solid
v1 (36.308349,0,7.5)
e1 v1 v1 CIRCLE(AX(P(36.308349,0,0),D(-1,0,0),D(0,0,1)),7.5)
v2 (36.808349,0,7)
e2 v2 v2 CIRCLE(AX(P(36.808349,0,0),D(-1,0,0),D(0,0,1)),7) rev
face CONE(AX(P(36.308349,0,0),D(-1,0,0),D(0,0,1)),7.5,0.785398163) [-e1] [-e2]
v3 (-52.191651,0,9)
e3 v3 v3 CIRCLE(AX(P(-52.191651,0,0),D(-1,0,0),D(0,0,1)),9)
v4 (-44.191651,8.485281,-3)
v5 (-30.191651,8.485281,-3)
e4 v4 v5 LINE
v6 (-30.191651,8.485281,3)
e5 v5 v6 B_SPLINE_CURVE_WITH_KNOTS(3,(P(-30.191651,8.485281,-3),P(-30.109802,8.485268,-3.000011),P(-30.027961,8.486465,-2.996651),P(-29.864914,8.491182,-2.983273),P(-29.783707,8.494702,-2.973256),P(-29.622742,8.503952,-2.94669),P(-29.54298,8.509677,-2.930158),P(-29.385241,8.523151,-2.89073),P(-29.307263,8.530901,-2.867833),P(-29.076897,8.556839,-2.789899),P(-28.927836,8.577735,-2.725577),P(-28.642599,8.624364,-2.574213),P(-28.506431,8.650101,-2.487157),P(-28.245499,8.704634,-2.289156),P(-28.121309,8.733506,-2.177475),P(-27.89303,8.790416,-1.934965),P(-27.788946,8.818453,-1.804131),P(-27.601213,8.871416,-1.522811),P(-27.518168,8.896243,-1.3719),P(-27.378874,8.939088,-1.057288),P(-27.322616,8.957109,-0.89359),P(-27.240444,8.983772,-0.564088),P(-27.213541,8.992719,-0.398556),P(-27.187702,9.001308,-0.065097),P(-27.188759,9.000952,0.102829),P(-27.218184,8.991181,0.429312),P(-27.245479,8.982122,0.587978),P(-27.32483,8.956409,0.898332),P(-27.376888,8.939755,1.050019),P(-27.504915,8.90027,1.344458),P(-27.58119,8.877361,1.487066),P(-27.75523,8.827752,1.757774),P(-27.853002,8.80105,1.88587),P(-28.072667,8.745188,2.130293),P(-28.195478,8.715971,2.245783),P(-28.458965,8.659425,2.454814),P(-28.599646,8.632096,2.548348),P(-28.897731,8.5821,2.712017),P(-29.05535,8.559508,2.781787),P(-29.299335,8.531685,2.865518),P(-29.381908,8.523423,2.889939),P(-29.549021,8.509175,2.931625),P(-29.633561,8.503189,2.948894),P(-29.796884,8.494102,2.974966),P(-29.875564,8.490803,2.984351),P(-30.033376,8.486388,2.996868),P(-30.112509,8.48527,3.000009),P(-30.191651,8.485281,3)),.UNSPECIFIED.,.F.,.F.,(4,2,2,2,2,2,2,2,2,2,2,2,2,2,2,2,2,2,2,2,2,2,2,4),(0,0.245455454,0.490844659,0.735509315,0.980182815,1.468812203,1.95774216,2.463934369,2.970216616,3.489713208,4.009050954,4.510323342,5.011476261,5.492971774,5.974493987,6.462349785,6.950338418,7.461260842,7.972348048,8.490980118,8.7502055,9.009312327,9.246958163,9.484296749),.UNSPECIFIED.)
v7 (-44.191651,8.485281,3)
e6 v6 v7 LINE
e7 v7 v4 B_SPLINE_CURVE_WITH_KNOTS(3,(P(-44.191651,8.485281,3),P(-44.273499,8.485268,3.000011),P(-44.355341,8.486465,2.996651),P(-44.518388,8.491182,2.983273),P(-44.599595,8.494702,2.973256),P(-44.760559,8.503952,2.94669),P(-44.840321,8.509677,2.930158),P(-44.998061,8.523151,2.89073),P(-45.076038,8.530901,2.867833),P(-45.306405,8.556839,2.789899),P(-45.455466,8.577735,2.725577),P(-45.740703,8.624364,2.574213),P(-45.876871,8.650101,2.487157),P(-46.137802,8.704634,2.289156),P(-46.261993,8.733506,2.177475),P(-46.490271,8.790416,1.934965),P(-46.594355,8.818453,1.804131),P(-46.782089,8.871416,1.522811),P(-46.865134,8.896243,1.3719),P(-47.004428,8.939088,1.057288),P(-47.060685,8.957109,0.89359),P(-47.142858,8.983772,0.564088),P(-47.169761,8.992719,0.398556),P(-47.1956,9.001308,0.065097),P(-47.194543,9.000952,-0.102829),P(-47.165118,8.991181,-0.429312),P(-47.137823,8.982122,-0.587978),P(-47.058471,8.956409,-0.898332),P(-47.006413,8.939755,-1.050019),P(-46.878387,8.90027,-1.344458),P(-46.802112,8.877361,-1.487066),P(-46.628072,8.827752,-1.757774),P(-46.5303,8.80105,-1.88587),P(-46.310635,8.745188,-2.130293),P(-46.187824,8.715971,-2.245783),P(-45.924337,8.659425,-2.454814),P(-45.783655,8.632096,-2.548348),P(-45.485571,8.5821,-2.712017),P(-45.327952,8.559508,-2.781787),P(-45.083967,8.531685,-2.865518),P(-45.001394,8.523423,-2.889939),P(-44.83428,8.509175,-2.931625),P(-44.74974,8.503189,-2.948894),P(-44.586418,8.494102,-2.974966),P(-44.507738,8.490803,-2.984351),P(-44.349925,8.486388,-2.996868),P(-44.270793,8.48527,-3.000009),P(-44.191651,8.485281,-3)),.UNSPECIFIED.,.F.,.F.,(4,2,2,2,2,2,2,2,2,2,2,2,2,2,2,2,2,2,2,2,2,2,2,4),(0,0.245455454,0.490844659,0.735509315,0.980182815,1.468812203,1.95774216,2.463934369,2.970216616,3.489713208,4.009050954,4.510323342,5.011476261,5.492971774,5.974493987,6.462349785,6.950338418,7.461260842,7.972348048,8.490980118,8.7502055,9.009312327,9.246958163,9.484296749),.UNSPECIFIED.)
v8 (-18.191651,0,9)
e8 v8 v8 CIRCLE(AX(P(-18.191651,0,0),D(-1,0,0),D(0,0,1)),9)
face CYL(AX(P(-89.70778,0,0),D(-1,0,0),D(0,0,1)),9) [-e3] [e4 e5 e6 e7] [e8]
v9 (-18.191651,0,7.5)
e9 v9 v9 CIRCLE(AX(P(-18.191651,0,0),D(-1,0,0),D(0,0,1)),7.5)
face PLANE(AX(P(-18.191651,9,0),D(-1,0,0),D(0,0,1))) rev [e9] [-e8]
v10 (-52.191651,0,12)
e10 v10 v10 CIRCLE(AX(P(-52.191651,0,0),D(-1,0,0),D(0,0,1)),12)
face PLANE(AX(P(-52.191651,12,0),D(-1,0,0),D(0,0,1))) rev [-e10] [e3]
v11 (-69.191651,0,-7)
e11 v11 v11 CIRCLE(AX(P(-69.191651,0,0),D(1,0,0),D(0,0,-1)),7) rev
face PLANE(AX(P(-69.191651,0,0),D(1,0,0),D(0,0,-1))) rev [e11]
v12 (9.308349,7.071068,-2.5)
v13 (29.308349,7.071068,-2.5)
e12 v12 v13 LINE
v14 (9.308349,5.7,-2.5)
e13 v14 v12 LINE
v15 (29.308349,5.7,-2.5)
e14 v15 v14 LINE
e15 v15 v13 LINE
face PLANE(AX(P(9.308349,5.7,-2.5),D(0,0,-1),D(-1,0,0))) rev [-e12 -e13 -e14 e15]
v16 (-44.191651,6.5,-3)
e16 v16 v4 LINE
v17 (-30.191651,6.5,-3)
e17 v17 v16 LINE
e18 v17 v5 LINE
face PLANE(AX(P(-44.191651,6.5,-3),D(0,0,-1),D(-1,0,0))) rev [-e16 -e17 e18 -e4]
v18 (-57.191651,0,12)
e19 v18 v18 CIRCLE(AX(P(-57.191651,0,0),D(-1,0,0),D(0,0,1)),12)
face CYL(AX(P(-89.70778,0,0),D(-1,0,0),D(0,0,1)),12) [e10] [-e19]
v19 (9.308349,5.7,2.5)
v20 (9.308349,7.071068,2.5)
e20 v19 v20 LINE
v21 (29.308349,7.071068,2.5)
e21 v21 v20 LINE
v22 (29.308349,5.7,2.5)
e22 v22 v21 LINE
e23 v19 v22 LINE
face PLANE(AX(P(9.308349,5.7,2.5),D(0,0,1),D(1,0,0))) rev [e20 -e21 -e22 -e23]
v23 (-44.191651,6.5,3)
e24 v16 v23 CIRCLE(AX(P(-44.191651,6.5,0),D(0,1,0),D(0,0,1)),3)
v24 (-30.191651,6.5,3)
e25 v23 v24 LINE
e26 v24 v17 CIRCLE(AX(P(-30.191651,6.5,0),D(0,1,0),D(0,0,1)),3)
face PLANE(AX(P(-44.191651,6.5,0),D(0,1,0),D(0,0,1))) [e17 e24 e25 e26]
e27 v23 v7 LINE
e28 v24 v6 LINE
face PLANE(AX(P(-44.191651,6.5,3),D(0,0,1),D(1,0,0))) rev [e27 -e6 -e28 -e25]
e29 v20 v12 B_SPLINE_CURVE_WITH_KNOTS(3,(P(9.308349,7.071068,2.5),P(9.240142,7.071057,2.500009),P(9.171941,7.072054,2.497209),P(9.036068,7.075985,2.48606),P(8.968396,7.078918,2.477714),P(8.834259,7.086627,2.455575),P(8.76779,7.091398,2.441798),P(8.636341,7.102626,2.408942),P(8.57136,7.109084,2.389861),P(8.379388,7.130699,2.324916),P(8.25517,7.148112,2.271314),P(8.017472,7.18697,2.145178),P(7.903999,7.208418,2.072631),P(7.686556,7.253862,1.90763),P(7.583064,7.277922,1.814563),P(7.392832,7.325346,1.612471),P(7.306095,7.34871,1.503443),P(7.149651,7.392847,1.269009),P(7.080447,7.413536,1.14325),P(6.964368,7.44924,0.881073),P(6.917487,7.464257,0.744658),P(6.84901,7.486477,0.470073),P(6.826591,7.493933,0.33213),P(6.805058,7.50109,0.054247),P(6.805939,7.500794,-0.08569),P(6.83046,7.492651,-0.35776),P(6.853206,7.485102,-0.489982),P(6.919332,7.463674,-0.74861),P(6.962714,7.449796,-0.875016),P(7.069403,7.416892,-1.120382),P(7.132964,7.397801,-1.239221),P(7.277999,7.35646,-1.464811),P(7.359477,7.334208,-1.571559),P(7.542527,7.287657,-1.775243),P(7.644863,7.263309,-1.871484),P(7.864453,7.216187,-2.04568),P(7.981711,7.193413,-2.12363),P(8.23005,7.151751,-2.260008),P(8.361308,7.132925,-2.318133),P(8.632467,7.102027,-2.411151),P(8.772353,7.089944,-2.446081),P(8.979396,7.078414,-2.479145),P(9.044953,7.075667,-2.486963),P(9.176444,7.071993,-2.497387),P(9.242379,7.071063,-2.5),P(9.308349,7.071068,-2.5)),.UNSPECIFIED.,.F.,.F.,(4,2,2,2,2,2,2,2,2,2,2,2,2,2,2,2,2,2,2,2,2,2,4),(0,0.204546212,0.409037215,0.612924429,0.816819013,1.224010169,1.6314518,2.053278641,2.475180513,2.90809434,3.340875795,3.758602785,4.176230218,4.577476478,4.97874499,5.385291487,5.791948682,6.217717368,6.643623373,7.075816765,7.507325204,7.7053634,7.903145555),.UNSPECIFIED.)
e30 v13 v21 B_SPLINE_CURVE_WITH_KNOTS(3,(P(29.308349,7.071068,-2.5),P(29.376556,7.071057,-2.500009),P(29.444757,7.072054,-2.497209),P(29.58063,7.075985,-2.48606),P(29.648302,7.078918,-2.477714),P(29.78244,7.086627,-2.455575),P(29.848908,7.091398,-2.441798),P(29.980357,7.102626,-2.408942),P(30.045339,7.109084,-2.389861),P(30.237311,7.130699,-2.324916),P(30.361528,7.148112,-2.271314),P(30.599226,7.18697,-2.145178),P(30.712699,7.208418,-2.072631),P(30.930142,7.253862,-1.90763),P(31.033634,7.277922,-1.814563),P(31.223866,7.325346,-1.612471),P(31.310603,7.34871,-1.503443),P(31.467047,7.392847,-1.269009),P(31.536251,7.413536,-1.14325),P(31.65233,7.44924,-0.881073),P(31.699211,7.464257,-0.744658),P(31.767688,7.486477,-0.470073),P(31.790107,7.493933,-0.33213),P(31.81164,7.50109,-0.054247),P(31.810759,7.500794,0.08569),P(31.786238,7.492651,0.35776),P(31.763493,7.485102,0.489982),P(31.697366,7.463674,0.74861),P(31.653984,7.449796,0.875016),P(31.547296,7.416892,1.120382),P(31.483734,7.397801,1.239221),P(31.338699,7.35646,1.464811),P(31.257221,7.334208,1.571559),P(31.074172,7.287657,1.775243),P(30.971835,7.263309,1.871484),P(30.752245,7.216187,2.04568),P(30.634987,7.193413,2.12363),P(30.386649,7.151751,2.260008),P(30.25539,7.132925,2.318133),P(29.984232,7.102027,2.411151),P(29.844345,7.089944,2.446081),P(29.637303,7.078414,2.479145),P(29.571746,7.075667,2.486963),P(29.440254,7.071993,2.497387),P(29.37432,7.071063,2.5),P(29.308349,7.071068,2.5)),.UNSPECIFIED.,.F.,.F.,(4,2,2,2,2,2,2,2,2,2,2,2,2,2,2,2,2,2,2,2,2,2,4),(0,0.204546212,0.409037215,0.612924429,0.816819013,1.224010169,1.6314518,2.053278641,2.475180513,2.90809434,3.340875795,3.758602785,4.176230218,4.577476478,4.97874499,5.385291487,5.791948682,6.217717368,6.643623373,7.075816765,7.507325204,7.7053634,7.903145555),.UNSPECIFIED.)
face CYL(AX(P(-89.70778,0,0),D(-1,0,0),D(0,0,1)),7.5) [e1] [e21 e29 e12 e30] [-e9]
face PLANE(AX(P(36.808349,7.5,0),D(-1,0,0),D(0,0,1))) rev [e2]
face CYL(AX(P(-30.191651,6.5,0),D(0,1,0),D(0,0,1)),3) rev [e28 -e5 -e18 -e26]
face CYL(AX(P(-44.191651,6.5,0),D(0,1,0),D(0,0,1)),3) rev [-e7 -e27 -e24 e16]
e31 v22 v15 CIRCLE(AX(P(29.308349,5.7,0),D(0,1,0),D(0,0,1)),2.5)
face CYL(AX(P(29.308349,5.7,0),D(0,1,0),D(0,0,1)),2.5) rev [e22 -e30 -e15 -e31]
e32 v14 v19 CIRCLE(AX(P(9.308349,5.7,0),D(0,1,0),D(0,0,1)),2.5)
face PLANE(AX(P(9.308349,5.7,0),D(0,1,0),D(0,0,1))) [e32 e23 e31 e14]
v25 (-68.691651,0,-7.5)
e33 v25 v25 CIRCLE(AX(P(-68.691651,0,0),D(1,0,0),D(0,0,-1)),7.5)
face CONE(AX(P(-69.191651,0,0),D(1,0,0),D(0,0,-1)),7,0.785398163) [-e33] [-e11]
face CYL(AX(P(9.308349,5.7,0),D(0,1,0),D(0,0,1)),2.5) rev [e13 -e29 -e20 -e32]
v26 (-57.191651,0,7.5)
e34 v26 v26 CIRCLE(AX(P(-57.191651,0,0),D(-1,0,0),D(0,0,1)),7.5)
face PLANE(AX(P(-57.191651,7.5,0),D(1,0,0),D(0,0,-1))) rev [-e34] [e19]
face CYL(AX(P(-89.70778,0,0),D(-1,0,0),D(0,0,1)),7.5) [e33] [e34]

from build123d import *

# Parameters (mm, degrees)
CUT_EXTRUDE1_DEPTH = 2.5
CUT_EXTRUDE2_DEPTH = 1.8
CHAMFER1_SIZE      = 0.5


with BuildPart() as part:
    # Sketch1 → Revolve1 (revolve)
    with BuildSketch(Plane.XY, mode=Mode.PRIVATE) as revolve1_sk:
        Polygon((-69.191650854, 0), (-69.191650854, 7.5), (-57.191650854, 7.5), (-57.191650854, 12), (-52.191650854, 12), (-52.191650854, 9), (-18.191650854, 9), (-18.191650854, 7.5), (36.808349146, 7.5), (36.808349146, 0), align=None)
    revolve(revolve1_sk.sketch.rotate(Axis((-89.707779886, 0, 0), (1, 0, 0)), 90), axis=Axis((-89.707779886, 0, 0), (1, 0, 0)))

    # Sketch2 → Cut-Extrude1 (cut)
    with BuildSketch(Plane(origin=(0, 9, 0), x_dir=(1, 0, 0), z_dir=(0, 1, 0))):
        with BuildLine():
            Line((-44.191650854, 3), (-30.191650854, 3))
            ThreePointArc((-30.191650854, 3), (-27.191650854, 0), (-30.191650854, -3))
            Line((-30.191650854, -3), (-44.191650854, -3))
            ThreePointArc((-44.191650854, -3), (-47.191650854, 0), (-44.191650854, 3))
        make_face()
    extrude(amount=-CUT_EXTRUDE1_DEPTH, mode=Mode.SUBTRACT)

    # Sketch3 → Cut-Extrude2 (cut)
    with BuildSketch(Plane(origin=(0, 7.5, 0), x_dir=(1, 0, 0), z_dir=(0, 1, 0))):
        with BuildLine():
            Line((9.308349146, 2.5), (29.308349146, 2.5))
            ThreePointArc((29.308349146, 2.5), (31.808349146, 0), (29.308349146, -2.5))
            Line((29.308349146, -2.5), (9.308349146, -2.5))
            ThreePointArc((9.308349146, -2.5), (6.808349146, 0), (9.308349146, 2.5))
        make_face()
    extrude(amount=-CUT_EXTRUDE2_DEPTH, mode=Mode.SUBTRACT)

    # Chamfer1
    chamfer1_edges = [part.edges().sort_by_distance(p)[0] for p in [
        (-69.191650854, 0, -7.5),
        (36.808349146, 0, -7.5),
    ]]
    chamfer(chamfer1_edges, length=CHAMFER1_SIZE)


solid = part.part
